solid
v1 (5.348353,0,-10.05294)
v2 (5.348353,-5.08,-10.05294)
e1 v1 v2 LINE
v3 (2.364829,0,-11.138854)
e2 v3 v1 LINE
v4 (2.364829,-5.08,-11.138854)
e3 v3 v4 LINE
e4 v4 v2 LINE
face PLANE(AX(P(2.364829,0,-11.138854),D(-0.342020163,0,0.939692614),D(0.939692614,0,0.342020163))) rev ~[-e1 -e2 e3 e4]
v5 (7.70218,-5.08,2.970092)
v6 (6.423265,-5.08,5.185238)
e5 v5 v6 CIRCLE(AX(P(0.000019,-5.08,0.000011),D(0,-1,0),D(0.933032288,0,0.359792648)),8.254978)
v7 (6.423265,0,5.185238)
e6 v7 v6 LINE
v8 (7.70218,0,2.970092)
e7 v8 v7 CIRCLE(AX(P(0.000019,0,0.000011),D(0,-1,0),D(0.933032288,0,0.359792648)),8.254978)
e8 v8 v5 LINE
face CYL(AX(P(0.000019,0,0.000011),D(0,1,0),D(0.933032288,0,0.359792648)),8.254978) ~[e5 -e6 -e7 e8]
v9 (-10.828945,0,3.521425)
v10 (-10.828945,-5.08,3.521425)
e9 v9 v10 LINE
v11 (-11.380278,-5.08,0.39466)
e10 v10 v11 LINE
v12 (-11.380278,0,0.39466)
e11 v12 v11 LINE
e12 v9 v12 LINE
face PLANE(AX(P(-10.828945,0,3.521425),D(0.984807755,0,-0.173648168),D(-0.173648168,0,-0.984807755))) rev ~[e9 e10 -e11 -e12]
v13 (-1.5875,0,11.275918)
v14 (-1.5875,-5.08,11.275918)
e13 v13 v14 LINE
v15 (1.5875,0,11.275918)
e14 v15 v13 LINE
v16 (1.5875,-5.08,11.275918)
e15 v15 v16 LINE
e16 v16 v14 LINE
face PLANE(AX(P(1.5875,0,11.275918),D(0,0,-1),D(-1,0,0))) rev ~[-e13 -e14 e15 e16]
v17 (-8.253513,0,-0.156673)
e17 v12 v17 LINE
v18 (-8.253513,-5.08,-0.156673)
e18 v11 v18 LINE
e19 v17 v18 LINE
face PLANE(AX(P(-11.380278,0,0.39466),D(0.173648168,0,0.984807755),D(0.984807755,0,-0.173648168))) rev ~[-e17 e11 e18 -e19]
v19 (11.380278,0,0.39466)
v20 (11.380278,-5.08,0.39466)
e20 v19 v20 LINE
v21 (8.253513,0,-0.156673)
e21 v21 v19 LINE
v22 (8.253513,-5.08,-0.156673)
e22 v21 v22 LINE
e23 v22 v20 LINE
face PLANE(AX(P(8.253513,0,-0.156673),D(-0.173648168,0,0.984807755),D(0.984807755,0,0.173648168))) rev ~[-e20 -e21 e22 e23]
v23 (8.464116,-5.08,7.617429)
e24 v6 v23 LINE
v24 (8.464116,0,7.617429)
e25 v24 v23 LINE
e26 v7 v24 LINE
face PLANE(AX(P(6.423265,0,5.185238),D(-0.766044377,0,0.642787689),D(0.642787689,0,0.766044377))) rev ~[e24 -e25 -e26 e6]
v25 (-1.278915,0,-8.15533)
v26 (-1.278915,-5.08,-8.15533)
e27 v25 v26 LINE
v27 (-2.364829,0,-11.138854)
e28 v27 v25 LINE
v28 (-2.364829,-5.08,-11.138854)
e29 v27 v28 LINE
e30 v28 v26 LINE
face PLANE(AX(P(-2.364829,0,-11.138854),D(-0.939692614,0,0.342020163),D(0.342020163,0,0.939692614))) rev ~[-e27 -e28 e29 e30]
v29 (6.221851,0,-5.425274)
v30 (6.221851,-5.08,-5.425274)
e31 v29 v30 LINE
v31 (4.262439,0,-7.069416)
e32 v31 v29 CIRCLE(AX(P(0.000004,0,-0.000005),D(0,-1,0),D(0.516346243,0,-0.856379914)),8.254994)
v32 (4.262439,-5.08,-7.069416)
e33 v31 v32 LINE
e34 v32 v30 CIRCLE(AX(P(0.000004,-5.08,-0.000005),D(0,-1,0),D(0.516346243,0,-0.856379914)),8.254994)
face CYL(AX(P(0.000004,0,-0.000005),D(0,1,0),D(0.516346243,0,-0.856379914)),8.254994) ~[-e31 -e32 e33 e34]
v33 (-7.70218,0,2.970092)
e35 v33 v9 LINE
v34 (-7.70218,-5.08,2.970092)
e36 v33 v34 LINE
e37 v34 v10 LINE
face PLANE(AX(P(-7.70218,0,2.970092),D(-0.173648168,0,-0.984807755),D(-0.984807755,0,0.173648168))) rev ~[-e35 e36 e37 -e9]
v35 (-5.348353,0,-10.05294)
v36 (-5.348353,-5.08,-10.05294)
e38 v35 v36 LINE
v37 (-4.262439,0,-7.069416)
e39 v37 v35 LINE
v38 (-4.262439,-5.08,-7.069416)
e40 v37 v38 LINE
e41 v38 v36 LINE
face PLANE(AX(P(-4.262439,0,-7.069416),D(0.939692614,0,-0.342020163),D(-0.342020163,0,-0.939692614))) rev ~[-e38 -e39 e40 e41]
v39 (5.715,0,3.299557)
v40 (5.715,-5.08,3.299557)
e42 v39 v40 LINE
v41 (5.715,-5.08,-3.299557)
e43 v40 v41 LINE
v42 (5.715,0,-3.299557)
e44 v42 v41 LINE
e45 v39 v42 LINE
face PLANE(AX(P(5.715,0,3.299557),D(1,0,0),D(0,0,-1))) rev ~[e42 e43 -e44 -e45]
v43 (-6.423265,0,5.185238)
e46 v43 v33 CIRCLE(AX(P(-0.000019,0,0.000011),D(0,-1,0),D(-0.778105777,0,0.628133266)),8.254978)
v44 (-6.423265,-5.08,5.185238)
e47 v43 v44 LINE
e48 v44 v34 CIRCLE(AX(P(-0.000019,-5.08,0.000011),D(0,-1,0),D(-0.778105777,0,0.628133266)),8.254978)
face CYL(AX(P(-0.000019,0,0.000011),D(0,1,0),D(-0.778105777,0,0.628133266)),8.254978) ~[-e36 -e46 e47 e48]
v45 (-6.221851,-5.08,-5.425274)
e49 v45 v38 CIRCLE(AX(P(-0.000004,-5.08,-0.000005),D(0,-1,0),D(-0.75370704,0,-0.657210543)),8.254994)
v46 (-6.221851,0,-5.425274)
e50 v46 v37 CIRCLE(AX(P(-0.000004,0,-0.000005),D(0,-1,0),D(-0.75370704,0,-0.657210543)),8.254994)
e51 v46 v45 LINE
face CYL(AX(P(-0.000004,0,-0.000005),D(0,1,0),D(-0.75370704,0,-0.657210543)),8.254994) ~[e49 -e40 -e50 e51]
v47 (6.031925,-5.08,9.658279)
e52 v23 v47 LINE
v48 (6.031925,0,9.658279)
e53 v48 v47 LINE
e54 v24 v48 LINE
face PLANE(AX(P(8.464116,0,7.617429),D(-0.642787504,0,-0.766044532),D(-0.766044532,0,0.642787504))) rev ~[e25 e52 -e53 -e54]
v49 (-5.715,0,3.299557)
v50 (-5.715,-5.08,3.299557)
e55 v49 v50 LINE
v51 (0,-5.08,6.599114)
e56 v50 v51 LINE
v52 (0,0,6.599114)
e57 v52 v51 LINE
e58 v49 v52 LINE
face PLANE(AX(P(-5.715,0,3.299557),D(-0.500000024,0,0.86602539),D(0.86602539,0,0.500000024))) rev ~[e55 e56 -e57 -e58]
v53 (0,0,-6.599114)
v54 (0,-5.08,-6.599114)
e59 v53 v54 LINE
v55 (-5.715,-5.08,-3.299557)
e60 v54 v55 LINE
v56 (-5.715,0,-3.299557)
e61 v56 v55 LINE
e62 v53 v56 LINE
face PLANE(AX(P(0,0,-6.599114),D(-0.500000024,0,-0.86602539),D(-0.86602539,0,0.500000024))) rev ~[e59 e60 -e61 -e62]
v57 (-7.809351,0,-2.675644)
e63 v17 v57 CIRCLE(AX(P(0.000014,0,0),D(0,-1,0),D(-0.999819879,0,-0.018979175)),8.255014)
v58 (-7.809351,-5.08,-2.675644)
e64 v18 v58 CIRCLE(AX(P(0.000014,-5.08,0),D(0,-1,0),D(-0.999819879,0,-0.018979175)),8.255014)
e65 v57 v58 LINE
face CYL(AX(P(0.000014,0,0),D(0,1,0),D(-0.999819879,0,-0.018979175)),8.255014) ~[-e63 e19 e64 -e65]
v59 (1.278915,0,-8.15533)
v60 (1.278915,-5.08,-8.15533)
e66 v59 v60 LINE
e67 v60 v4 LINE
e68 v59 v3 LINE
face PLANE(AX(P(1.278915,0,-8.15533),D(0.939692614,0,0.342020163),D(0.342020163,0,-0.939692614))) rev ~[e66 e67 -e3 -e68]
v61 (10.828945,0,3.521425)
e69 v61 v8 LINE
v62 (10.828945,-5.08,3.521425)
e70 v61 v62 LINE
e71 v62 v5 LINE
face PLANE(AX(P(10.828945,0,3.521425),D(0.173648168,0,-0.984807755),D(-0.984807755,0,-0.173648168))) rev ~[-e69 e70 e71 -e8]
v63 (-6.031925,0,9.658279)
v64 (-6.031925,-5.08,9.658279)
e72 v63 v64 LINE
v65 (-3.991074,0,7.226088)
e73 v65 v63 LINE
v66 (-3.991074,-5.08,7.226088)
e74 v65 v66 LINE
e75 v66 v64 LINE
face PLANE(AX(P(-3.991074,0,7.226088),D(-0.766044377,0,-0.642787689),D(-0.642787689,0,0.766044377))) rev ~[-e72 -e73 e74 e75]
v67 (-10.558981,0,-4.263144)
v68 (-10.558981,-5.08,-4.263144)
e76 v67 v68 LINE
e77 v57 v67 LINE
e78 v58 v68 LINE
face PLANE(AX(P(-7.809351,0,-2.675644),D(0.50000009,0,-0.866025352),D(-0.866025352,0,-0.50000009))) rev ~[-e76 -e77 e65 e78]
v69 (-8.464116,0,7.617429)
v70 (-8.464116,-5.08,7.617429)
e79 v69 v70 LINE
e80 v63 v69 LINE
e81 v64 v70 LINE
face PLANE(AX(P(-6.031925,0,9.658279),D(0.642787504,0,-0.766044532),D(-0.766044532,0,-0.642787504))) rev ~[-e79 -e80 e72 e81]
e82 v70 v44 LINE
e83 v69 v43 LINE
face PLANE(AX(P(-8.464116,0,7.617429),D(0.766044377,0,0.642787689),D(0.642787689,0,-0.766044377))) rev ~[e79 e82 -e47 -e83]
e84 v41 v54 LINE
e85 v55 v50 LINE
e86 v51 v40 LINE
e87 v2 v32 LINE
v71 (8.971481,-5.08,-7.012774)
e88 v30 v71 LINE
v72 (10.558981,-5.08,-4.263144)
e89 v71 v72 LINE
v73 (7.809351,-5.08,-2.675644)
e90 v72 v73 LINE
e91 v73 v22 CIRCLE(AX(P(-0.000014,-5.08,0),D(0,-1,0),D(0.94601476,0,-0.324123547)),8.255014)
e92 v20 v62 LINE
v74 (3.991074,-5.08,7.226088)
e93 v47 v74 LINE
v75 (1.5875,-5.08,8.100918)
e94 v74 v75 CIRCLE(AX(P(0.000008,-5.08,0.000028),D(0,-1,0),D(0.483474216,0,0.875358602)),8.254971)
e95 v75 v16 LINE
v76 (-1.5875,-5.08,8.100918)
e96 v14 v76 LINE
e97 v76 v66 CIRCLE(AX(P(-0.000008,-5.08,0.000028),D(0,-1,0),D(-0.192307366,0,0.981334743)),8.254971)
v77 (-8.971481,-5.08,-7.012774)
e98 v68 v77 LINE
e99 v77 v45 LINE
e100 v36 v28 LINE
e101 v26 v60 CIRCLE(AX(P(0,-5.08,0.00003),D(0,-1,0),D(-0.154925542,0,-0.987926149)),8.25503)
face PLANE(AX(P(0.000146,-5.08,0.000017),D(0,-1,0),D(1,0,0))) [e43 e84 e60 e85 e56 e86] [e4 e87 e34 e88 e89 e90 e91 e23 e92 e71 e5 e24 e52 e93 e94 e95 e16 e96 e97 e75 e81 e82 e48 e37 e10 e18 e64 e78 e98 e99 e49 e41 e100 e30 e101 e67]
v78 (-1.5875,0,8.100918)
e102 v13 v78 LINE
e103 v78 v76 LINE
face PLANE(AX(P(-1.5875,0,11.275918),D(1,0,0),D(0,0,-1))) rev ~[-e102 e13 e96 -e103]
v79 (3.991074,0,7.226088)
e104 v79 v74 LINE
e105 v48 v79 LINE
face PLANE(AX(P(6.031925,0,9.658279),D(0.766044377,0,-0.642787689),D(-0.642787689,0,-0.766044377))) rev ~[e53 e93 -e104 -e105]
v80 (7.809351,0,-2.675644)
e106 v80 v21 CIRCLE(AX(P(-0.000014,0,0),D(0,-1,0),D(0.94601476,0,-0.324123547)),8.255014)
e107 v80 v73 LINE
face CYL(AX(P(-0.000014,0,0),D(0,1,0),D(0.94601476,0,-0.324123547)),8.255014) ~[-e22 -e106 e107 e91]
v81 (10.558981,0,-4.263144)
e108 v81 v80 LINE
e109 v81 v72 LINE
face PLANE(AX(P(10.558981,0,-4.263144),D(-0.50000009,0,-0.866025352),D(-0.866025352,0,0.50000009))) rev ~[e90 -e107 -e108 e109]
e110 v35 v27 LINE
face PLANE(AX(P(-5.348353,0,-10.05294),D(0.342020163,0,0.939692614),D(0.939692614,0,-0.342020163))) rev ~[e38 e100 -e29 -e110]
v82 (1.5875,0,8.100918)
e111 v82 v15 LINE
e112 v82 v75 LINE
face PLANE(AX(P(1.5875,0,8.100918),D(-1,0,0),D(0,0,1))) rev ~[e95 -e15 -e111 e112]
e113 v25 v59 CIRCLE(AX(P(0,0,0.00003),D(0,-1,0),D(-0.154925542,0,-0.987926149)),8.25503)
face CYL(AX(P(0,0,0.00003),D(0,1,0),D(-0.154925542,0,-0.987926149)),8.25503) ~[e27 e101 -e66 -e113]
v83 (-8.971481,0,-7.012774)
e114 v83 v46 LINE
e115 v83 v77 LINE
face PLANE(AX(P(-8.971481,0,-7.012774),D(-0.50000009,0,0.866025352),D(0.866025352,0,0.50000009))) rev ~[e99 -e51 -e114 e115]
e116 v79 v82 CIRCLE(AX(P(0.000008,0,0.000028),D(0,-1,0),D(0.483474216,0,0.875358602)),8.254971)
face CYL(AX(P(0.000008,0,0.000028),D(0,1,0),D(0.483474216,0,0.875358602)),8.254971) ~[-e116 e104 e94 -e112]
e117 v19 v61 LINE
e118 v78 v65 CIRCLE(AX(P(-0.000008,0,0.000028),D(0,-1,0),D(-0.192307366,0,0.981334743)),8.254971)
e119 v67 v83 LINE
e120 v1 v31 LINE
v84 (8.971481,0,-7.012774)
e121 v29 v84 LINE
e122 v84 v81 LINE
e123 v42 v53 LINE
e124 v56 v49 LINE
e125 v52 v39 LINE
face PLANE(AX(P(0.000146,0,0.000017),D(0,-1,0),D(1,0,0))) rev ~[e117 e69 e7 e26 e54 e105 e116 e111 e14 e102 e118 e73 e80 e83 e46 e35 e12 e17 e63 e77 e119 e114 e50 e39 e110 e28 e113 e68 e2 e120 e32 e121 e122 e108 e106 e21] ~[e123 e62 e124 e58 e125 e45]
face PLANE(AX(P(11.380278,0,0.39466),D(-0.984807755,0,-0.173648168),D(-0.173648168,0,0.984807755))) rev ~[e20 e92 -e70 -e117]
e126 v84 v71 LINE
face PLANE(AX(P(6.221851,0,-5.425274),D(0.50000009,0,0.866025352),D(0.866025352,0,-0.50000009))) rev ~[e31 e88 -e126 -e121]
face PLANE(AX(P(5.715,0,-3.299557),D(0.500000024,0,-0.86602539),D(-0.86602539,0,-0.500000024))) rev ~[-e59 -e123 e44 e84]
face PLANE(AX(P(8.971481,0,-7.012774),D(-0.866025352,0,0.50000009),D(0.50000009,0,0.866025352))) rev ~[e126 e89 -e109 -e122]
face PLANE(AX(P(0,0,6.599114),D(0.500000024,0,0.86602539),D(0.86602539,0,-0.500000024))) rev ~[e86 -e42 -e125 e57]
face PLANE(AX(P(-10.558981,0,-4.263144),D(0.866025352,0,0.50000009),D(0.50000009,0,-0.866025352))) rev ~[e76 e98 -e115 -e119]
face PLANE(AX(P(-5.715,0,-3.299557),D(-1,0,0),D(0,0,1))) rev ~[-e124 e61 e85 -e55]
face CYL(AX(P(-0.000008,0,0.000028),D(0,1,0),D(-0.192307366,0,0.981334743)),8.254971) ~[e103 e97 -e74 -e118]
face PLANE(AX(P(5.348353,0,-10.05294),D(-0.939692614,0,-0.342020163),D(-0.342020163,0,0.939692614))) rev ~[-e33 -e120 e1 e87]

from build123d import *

# Parameters (mm, degrees)
F1_DEPTH = 5.08


with BuildPart() as f1:
    # F0 (on Front) → F1 (new body)
    with BuildSketch(Plane.XZ):
        with BuildLine():
            ThreePointArc((8.253513, -0.156673), (8.254628, -0.07834), (8.255, 0))
            ThreePointArc((8.255, 0), (8.115618, 1.510551), (7.70218, 2.970092))
            ThreePointArc((7.70218, 2.970092), (7.14904, 4.1275), (6.423265, 5.185238))
            ThreePointArc((6.423265, 5.185238), (5.306212, 6.323697), (3.991074, 7.226088))
            ThreePointArc((3.991074, 7.226088), (2.823376, 7.757163), (1.5875, 8.100918))
            ThreePointArc((1.5875, 8.100918), (0, 8.255), (-1.5875, 8.100918))
            ThreePointArc((-1.5875, 8.100918), (-2.823376, 7.757163), (-3.991074, 7.226088))
            ThreePointArc((-3.991074, 7.226088), (-5.306212, 6.323697), (-6.423265, 5.185238))
            ThreePointArc((-6.423265, 5.185238), (-7.14904, 4.1275), (-7.70218, 2.970092))
            ThreePointArc((-7.70218, 2.970092), (-8.129588, 1.433466), (-8.253513, -0.156673))
            ThreePointArc((-8.253513, -0.156673), (-8.129588, -1.433466), (-7.809351, -2.675644))
            ThreePointArc((-7.809351, -2.675644), (-7.14904, -4.1275), (-6.221851, -5.425274))
            ThreePointArc((-6.221851, -5.425274), (-5.306212, -6.323697), (-4.262439, -7.069416))
            ThreePointArc((-4.262439, -7.069416), (-2.823376, -7.757163), (-1.278915, -8.15533))
            ThreePointArc((-1.278915, -8.15533), (0, -8.255), (1.278915, -8.15533))
            ThreePointArc((1.278915, -8.15533), (2.823376, -7.757163), (4.262439, -7.069416))
            ThreePointArc((4.262439, -7.069416), (5.306212, -6.323697), (6.221851, -5.425274))
            ThreePointArc((6.221851, -5.425274), (7.14904, -4.1275), (7.809351, -2.675644))
            ThreePointArc((7.809351, -2.675644), (8.129588, -1.433466), (8.253513, -0.156673))
        make_face()
        Polygon((-5.715, 3.299557), (0, 6.599114), (5.715, 3.299557), (5.715, -3.299557), (0, -6.599114), (-5.715, -3.299557), align=None, mode=Mode.SUBTRACT)
        with BuildLine():
            ThreePointArc((-1.5875, 8.100918), (0, 8.255), (1.5875, 8.100918))
            Line((1.5875, 8.100918), (1.5875, 11.275918))
            Line((1.5875, 11.275918), (-1.5875, 11.275918))
            Line((-1.5875, 11.275918), (-1.5875, 8.100918))
        make_face()
        with BuildLine():
            ThreePointArc((3.991074, 7.226088), (5.306212, 6.323697), (6.423265, 5.185238))
            Line((6.423265, 5.185238), (8.464116, 7.617429))
            Line((8.464116, 7.617429), (6.031925, 9.658279))
            Line((6.031925, 9.658279), (3.991074, 7.226088))
        make_face()
        with BuildLine():
            ThreePointArc((7.70218, 2.970092), (8.115618, 1.510551), (8.255, 0))
            ThreePointArc((8.255, 0), (8.254628, -0.07834), (8.253513, -0.156673))
            Line((8.253513, -0.156673), (11.380278, 0.39466))
            Line((11.380278, 0.39466), (10.828945, 3.521425))
            Line((10.828945, 3.521425), (7.70218, 2.970092))
        make_face()
        with BuildLine():
            Line((10.558981, -4.263144), (7.809351, -2.675644))
            ThreePointArc((7.809351, -2.675644), (7.14904, -4.1275), (6.221851, -5.425274))
            Line((6.221851, -5.425274), (8.971481, -7.012774))
            Line((8.971481, -7.012774), (10.558981, -4.263144))
        make_face()
        with BuildLine():
            Line((5.348353, -10.05294), (4.262439, -7.069416))
            ThreePointArc((4.262439, -7.069416), (2.823376, -7.757163), (1.278915, -8.15533))
            Line((1.278915, -8.15533), (2.364829, -11.138854))
            Line((2.364829, -11.138854), (5.348353, -10.05294))
        make_face()
        with BuildLine():
            Line((-2.364829, -11.138854), (-1.278915, -8.15533))
            ThreePointArc((-1.278915, -8.15533), (-2.823376, -7.757163), (-4.262439, -7.069416))
            Line((-4.262439, -7.069416), (-5.348353, -10.05294))
            Line((-5.348353, -10.05294), (-2.364829, -11.138854))
        make_face()
        with BuildLine():
            Line((-8.971481, -7.012774), (-6.221851, -5.425274))
            ThreePointArc((-6.221851, -5.425274), (-7.14904, -4.1275), (-7.809351, -2.675644))
            Line((-7.809351, -2.675644), (-10.558981, -4.263144))
            Line((-10.558981, -4.263144), (-8.971481, -7.012774))
        make_face()
        with BuildLine():
            ThreePointArc((-8.253513, -0.156673), (-8.129588, 1.433466), (-7.70218, 2.970092))
            Line((-7.70218, 2.970092), (-10.828945, 3.521425))
            Line((-10.828945, 3.521425), (-11.380278, 0.39466))
            Line((-11.380278, 0.39466), (-8.253513, -0.156673))
        make_face()
        with BuildLine():
            ThreePointArc((-6.423265, 5.185238), (-5.306212, 6.323697), (-3.991074, 7.226088))
            Line((-3.991074, 7.226088), (-6.031925, 9.658279))
            Line((-6.031925, 9.658279), (-8.464116, 7.617429))
            Line((-8.464116, 7.617429), (-6.423265, 5.185238))
        make_face()
    extrude(amount=F1_DEPTH)


solid = f1.part
